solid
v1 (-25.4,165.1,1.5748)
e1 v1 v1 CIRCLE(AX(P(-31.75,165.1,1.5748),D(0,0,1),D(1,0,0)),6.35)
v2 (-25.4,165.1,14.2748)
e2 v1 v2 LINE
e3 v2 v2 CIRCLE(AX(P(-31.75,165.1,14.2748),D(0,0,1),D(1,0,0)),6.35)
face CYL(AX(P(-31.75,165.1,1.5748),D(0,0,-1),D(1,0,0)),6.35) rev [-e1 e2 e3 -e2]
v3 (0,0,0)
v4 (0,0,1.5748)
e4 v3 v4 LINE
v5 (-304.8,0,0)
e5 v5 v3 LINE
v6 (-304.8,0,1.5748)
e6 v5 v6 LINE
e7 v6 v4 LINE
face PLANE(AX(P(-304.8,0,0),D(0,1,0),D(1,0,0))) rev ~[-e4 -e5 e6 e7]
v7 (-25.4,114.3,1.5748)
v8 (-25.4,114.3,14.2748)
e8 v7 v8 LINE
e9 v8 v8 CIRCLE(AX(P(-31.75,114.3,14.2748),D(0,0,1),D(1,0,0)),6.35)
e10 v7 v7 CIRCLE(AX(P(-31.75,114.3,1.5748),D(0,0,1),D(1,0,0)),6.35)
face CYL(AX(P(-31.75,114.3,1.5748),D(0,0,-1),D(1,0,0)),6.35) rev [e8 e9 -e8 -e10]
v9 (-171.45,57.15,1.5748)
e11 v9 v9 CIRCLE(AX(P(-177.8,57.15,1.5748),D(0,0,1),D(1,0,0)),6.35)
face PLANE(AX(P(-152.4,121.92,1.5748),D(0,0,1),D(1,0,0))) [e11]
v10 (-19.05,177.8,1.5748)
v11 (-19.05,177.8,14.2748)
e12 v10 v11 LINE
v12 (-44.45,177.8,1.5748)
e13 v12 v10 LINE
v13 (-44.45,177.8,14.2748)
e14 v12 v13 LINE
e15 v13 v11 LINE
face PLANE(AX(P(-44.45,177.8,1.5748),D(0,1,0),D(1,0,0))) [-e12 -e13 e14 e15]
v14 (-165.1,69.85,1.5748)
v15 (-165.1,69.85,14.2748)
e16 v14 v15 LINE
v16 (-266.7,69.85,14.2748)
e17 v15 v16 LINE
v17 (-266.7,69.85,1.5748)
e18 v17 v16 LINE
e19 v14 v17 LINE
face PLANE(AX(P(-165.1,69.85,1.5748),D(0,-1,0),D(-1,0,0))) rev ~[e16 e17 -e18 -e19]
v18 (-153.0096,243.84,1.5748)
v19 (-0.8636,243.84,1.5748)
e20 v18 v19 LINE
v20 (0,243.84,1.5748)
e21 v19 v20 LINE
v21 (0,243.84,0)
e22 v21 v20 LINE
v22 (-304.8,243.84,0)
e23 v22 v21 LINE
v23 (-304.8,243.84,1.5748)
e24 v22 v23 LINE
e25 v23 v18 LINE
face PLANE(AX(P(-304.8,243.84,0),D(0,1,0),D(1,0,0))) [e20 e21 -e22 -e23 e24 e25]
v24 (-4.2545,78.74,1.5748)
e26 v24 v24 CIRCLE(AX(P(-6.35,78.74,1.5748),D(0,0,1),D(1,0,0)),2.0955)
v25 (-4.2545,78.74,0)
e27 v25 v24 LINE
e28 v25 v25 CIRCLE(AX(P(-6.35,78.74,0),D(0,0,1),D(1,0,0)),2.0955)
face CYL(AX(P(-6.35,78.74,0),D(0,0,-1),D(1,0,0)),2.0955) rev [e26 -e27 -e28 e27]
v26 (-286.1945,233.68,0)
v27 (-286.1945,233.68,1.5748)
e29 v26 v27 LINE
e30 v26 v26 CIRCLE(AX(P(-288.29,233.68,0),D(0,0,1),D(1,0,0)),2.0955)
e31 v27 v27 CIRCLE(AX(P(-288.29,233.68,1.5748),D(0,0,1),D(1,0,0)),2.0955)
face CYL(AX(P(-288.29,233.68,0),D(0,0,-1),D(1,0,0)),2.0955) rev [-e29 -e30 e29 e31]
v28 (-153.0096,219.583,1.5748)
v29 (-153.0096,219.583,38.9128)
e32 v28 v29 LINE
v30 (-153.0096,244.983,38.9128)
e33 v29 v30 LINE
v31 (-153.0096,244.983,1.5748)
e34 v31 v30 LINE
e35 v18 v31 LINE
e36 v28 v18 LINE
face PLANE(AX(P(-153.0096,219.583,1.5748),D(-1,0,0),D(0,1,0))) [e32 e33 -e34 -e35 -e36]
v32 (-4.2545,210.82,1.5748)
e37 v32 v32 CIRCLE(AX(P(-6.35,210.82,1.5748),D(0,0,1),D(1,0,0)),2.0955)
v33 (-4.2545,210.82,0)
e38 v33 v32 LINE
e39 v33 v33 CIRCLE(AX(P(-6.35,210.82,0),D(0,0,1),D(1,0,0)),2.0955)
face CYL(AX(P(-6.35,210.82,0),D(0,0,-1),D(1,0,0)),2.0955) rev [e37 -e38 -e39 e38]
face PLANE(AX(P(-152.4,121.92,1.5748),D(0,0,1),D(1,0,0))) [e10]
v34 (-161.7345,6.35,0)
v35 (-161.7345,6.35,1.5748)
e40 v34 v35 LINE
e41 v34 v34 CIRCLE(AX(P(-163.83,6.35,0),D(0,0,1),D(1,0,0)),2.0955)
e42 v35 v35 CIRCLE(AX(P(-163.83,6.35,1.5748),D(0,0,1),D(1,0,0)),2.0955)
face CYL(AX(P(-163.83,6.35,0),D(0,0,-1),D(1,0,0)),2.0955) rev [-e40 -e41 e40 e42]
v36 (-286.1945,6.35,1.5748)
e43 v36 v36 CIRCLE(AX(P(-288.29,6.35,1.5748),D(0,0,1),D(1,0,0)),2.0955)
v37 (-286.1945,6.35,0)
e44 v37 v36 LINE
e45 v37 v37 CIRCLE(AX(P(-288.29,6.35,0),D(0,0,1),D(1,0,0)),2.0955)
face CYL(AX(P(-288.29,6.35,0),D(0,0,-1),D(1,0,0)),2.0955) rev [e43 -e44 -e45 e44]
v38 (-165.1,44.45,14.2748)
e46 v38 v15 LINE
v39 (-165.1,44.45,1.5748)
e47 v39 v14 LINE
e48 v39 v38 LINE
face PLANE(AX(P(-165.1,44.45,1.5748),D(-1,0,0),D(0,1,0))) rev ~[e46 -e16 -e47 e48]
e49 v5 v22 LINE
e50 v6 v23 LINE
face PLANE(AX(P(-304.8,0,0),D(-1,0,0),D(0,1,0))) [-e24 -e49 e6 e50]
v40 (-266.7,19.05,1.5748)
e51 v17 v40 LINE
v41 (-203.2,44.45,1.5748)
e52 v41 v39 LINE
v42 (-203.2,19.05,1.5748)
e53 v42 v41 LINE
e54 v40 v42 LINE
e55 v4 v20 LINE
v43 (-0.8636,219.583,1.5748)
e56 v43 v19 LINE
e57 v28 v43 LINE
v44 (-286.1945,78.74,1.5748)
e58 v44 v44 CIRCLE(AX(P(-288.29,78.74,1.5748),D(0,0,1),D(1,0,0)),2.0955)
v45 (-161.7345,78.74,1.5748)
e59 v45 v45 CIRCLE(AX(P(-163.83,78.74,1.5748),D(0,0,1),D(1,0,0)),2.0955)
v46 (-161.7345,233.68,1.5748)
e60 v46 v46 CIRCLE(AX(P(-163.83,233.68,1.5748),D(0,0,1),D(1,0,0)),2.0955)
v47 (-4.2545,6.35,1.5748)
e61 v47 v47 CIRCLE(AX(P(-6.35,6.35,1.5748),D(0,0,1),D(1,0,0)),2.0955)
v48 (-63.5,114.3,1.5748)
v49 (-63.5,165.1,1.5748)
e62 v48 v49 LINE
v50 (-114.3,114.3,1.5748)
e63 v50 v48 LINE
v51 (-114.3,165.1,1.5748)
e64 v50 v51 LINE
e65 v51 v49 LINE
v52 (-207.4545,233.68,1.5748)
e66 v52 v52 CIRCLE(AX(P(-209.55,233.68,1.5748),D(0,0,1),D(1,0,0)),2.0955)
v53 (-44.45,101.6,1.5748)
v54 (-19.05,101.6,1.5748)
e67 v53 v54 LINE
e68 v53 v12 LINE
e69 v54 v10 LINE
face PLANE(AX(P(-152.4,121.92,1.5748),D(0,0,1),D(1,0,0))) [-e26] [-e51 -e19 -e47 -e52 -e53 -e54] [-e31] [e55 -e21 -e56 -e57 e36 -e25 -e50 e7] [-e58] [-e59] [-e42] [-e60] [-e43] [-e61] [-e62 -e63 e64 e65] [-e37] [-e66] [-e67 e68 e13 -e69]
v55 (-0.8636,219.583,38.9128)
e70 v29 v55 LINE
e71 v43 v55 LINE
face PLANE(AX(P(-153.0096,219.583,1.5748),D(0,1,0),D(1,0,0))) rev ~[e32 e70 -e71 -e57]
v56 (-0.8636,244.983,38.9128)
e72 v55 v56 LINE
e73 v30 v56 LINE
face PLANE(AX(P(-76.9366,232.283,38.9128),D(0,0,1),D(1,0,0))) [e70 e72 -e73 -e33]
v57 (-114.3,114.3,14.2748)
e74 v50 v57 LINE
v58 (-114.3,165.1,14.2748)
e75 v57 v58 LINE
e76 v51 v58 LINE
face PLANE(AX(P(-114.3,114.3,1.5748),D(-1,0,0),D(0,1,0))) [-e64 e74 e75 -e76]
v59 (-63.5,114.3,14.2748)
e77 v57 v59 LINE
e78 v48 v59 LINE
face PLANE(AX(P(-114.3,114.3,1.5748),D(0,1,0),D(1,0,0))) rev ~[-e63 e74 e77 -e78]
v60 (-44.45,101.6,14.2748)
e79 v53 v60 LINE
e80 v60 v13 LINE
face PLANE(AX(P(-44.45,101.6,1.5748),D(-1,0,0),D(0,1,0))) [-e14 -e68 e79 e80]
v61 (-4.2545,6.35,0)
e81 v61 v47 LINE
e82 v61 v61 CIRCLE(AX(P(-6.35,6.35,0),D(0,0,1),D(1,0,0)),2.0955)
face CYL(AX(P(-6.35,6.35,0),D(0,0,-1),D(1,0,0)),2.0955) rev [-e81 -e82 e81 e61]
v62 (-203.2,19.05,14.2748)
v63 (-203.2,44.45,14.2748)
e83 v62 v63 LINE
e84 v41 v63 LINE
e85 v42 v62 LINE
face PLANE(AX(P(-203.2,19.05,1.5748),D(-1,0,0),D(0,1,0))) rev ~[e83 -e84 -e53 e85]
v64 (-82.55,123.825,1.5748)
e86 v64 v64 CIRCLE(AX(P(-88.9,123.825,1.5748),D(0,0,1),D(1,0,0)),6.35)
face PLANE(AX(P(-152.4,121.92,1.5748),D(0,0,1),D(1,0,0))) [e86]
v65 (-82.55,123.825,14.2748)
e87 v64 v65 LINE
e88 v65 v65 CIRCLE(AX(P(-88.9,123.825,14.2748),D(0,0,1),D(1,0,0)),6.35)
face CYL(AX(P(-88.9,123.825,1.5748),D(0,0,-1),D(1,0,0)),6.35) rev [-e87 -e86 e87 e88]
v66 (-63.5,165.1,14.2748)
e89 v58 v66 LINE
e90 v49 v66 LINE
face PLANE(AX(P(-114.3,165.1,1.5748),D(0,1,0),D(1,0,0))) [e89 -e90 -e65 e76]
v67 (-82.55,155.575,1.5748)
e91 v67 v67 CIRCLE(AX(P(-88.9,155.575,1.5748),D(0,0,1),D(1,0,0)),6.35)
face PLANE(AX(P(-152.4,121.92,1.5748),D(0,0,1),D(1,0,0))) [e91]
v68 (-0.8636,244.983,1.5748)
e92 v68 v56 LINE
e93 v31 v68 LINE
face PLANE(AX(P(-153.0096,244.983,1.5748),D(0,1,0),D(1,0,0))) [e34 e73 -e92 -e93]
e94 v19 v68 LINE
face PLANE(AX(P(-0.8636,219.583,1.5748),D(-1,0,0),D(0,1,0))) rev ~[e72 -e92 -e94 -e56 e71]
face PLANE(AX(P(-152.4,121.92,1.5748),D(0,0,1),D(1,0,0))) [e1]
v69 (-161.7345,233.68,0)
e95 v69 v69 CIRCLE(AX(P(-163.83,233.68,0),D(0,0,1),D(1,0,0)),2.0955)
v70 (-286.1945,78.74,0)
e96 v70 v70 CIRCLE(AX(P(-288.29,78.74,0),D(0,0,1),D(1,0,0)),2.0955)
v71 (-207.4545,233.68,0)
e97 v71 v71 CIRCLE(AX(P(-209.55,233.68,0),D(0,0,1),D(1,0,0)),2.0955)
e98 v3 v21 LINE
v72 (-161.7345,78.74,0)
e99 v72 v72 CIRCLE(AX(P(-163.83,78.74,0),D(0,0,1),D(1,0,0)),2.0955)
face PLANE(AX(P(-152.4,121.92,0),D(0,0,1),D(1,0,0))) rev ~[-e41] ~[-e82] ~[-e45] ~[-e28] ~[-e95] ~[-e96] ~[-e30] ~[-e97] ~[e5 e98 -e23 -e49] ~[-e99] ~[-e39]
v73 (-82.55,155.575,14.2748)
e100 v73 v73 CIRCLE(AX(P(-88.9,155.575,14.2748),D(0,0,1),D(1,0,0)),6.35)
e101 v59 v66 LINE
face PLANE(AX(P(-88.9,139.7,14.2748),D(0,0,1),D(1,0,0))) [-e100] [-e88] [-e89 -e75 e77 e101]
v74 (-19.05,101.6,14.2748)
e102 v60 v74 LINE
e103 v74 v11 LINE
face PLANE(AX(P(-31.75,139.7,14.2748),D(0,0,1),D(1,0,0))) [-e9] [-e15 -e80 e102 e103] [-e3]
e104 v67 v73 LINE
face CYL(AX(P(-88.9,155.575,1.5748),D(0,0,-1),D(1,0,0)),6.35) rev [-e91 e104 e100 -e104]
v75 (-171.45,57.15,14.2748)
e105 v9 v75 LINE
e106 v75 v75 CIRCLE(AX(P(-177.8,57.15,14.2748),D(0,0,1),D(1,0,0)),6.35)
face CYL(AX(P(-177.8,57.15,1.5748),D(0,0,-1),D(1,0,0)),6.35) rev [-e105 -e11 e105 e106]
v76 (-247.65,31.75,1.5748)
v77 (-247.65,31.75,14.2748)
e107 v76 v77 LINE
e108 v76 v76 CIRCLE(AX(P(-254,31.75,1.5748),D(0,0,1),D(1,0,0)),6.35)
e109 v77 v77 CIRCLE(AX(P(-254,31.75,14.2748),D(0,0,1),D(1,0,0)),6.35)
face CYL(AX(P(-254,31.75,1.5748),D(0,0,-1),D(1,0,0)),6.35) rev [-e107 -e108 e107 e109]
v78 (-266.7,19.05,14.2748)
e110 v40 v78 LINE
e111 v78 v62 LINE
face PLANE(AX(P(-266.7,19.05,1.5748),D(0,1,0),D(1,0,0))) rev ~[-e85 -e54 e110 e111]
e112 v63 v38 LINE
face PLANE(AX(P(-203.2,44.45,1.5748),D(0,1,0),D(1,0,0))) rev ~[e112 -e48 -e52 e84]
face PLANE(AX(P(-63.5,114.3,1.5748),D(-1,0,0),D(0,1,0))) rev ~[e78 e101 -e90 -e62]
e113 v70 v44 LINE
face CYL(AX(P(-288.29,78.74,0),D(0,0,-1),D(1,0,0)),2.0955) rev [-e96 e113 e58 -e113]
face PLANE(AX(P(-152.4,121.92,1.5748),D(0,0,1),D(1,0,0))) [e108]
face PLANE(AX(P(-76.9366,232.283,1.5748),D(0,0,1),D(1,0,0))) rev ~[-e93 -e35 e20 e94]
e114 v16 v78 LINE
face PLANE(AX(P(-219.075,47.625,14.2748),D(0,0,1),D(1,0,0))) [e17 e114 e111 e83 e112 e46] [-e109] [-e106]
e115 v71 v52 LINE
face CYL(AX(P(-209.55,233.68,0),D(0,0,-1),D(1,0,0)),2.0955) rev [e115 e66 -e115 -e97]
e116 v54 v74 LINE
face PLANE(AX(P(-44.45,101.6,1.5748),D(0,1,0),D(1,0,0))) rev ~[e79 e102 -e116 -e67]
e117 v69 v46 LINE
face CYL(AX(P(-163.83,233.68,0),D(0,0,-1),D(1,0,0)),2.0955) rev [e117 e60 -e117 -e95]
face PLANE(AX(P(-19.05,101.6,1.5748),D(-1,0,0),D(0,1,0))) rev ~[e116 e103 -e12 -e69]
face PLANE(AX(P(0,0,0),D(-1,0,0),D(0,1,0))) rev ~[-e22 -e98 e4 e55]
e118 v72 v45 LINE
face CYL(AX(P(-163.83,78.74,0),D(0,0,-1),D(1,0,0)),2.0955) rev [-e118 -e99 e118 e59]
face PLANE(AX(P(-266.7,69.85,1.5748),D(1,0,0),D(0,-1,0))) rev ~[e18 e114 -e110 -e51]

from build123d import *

# Parameters (mm, degrees)
F0_W     = 304.8
F0_H     = 243.84
F0_R     = 2.0955
F1_DEPTH = 1.5748
F2_W     = 152.146
F2_H     = 25.4
F3_DEPTH = 37.338
F4_W     = 50.8
F4_H     = 50.8
F4_R     = 6.35
F5_DEPTH = 12.7
F6_W     = 25.4
F6_H     = 76.2
F6_R     = 6.35
F7_DEPTH = 12.7
F8_R     = 6.35
F9_DEPTH = 12.7


with BuildPart() as f1:
    # F0 (on Top) → F1 (new body)
    with BuildSketch(Plane.XY):
        with Locations((-152.4, 121.92)):
            Rectangle(F0_W, F0_H)
        with Locations((-288.29, 6.35)):
            Circle(F0_R, mode=Mode.SUBTRACT)
        with Locations((-163.83, 6.35)):
            Circle(F0_R, mode=Mode.SUBTRACT)
        with Locations((-288.29, 78.74)):
            Circle(F0_R, mode=Mode.SUBTRACT)
        with Locations((-163.83, 78.74)):
            Circle(F0_R, mode=Mode.SUBTRACT)
        with Locations((-6.35, 6.35)):
            Circle(F0_R, mode=Mode.SUBTRACT)
        with Locations((-6.35, 78.74)):
            Circle(F0_R, mode=Mode.SUBTRACT)
        with Locations((-288.29, 233.68)):
            Circle(F0_R, mode=Mode.SUBTRACT)
        with Locations((-209.55, 233.68)):
            Circle(F0_R, mode=Mode.SUBTRACT)
        with Locations((-163.83, 233.68)):
            Circle(F0_R, mode=Mode.SUBTRACT)
        with Locations((-6.35, 210.82)):
            Circle(F0_R, mode=Mode.SUBTRACT)
    extrude(amount=F1_DEPTH)

    # F2 (on face) → F3 (join)
    with BuildSketch(Plane.XY.offset(1.5748)):
        with Locations((-76.9366, 232.283)):
            Rectangle(F2_W, F2_H)
    extrude(amount=F3_DEPTH)

    # F4 (on face) → F5 (join)
    with BuildSketch(Plane.XY.offset(1.5748)):
        with Locations((-88.9, 139.7)):
            Rectangle(F4_W, F4_H)
        with Locations((-88.9, 123.825)):
            Circle(F4_R, mode=Mode.SUBTRACT)
        with Locations((-88.9, 155.575)):
            Circle(F4_R, mode=Mode.SUBTRACT)
    extrude(amount=F5_DEPTH)

    # F6 (on face) → F7 (join)
    with BuildSketch(Plane.XY.offset(1.5748)):
        with Locations((-31.75, 139.7)):
            Rectangle(F6_W, F6_H)
        with Locations((-31.75, 114.3)):
            Circle(F6_R, mode=Mode.SUBTRACT)
        with Locations((-31.75, 165.1)):
            Circle(F6_R, mode=Mode.SUBTRACT)
    extrude(amount=F7_DEPTH)

    # F8 (on face) → F9 (join)
    with BuildSketch(Plane.XY.offset(1.5748)):
        Polygon((-165.1, 69.85), (-266.7, 69.85), (-266.7, 19.05), (-203.2, 19.05), (-203.2, 44.45), (-165.1, 44.45), align=None)
        with Locations((-254, 31.75)):
            Circle(F8_R, mode=Mode.SUBTRACT)
        with Locations((-177.8, 57.15)):
            Circle(F8_R, mode=Mode.SUBTRACT)
    extrude(amount=F9_DEPTH)


solid = f1.part
